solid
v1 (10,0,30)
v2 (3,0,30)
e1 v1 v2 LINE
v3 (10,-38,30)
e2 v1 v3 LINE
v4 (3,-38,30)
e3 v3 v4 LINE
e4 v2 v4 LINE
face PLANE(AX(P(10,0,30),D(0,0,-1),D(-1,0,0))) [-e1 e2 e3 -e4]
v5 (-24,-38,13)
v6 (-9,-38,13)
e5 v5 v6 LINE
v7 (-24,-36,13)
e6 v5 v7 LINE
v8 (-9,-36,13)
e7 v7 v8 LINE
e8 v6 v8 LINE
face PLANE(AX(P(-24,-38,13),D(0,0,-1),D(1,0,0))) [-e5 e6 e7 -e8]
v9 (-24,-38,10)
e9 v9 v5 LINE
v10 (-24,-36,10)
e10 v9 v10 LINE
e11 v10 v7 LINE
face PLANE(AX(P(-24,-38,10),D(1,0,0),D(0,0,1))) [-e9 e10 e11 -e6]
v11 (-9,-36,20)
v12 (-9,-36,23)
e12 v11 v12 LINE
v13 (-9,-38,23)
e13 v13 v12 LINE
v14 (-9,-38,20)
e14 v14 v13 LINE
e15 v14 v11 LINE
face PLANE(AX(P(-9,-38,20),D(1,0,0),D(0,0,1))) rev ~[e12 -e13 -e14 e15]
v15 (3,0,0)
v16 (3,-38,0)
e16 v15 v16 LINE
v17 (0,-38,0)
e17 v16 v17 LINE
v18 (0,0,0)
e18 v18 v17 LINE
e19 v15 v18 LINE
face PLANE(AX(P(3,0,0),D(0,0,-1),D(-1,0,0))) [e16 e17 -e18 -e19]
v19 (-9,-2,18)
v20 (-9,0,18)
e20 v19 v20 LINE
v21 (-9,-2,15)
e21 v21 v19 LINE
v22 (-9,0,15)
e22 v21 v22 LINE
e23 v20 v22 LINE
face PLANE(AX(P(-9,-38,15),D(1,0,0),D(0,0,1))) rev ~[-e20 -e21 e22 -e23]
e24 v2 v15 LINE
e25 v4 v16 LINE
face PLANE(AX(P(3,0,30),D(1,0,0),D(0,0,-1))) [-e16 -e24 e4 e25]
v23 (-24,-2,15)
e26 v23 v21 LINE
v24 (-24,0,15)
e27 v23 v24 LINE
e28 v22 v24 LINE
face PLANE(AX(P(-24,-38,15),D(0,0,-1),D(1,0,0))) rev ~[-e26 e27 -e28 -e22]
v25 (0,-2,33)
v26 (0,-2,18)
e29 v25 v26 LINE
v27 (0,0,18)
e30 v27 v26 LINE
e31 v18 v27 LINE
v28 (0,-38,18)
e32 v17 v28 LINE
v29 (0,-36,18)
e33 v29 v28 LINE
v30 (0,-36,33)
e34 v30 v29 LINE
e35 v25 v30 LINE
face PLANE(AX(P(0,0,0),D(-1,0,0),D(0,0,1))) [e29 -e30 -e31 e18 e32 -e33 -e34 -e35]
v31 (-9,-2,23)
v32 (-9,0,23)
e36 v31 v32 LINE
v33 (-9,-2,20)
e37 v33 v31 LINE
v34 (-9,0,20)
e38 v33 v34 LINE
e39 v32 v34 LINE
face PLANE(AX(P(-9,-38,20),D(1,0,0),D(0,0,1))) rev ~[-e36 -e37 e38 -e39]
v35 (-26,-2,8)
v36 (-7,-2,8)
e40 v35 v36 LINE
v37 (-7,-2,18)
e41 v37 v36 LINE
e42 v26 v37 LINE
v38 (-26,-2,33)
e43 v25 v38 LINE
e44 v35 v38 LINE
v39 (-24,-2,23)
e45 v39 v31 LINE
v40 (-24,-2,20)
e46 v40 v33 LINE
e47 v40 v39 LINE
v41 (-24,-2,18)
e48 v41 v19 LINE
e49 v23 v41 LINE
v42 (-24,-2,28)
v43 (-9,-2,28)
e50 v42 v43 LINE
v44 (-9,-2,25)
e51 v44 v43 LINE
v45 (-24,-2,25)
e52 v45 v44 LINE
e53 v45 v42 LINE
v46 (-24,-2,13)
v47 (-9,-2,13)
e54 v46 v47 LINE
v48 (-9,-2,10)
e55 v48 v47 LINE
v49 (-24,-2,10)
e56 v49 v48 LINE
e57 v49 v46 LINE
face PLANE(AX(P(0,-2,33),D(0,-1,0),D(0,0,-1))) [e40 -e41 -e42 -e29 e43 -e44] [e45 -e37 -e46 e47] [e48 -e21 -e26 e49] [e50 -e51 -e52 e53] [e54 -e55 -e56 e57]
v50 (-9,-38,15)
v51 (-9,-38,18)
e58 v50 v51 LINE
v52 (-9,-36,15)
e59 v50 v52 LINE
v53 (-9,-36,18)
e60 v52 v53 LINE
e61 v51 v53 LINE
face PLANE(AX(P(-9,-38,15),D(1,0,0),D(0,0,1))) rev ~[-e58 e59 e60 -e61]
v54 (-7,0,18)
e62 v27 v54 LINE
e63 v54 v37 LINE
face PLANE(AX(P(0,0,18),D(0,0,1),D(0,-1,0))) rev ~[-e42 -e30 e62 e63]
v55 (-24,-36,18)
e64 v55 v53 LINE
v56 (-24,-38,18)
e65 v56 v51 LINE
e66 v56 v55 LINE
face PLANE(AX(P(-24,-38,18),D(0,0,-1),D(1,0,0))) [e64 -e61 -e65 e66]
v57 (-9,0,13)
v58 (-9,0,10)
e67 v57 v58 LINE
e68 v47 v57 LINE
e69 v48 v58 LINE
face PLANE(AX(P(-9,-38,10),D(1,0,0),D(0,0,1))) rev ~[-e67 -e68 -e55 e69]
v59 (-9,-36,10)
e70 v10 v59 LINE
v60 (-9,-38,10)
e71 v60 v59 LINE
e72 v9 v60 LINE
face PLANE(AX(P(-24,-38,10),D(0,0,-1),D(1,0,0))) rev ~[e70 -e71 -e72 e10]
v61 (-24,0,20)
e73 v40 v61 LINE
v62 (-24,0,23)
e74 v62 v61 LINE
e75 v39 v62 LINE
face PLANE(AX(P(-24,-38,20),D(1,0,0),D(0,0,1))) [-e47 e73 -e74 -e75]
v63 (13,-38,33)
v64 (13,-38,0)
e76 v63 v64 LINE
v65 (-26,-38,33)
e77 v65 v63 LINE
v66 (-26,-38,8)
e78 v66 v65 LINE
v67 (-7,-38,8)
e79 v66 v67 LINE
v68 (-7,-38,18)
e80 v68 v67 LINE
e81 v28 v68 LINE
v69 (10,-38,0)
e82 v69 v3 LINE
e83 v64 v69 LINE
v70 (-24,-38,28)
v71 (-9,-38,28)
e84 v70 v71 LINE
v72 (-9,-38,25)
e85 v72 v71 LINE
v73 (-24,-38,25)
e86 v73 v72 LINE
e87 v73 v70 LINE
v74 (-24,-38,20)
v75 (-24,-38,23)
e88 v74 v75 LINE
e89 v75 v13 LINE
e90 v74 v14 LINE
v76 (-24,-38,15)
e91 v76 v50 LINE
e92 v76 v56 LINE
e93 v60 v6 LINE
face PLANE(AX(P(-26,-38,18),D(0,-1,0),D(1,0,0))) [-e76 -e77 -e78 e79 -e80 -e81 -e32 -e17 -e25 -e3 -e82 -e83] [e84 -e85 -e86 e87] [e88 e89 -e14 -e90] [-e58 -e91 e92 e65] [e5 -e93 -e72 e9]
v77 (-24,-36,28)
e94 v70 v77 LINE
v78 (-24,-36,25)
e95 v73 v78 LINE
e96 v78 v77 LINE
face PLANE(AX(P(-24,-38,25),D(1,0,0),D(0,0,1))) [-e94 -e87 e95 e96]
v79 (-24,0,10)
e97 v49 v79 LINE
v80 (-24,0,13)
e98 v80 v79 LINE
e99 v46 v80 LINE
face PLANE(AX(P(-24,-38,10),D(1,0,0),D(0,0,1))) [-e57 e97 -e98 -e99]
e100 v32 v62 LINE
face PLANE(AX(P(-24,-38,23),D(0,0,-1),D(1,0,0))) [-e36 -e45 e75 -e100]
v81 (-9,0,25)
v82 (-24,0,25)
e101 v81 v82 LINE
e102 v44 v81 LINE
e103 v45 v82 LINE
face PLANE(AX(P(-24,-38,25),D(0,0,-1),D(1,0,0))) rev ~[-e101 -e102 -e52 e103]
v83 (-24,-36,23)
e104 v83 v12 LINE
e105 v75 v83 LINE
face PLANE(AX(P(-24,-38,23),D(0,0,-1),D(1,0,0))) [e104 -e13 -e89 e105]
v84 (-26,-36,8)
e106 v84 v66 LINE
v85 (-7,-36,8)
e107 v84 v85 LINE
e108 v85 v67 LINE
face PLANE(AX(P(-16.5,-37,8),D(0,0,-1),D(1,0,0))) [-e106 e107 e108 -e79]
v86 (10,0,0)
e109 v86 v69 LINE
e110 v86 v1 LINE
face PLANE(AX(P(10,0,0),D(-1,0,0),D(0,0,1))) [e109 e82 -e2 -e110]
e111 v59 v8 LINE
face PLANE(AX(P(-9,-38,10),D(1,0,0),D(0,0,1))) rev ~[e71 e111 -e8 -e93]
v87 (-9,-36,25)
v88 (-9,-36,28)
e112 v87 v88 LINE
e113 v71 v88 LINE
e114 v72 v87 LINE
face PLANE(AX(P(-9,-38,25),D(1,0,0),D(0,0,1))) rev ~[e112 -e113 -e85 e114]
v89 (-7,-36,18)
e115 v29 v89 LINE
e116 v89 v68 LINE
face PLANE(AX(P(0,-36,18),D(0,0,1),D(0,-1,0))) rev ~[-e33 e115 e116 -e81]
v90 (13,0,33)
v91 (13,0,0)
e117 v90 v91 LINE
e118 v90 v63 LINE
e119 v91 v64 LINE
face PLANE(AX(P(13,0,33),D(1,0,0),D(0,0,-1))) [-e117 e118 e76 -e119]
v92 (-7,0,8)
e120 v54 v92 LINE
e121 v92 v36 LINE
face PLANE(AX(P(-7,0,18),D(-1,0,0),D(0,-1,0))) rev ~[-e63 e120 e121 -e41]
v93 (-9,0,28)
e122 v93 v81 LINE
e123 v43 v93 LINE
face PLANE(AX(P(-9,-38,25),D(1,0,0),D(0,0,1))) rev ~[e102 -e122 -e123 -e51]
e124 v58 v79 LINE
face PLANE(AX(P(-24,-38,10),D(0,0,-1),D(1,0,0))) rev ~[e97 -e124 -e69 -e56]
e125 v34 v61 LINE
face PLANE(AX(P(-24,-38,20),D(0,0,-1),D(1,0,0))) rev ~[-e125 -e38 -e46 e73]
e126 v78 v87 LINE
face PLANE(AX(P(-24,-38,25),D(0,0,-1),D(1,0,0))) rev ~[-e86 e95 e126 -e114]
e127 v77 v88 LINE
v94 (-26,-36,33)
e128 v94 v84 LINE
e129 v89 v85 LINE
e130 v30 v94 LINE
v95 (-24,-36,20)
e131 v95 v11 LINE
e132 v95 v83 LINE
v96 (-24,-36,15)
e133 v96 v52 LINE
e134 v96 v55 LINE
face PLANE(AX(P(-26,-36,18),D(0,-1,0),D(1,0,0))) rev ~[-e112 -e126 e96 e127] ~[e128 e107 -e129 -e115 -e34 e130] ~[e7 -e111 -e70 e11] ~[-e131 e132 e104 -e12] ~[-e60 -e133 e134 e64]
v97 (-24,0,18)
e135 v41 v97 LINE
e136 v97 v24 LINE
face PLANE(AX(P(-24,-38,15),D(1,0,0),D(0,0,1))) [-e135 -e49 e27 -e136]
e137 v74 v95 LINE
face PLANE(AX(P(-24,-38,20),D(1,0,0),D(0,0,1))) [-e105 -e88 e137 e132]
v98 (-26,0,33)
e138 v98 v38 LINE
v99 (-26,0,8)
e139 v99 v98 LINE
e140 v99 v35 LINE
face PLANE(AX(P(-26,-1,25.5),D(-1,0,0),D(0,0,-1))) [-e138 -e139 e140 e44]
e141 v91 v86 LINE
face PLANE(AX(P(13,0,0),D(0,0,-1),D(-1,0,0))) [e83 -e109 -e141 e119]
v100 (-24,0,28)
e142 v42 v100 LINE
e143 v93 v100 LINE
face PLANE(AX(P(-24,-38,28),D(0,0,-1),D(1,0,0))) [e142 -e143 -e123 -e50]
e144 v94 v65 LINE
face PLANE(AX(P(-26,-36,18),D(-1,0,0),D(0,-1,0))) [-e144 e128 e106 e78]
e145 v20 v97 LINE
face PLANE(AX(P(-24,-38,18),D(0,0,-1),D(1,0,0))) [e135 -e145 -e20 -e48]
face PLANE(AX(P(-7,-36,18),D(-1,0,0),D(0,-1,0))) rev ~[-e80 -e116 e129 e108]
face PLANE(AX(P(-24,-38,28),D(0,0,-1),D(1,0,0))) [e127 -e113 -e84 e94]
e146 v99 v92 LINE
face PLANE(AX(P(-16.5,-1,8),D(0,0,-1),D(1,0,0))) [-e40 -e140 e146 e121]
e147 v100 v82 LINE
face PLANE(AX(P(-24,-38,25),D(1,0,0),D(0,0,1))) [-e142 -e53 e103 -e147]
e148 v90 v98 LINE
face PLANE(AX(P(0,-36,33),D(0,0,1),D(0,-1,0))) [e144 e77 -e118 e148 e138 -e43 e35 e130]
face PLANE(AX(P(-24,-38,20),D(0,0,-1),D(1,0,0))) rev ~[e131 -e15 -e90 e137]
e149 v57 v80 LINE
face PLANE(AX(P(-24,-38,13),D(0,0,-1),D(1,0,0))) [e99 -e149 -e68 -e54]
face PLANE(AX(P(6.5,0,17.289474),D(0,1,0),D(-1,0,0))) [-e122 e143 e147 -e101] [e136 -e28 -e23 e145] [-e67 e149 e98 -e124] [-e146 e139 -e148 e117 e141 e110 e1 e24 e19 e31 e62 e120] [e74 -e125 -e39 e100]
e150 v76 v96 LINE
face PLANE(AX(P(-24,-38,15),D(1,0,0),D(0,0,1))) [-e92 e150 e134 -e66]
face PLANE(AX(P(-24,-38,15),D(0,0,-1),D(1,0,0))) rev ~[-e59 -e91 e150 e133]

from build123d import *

# Parameters (mm, degrees)
PAD_DEPTH    = 38
SKETCH001_W  = 15
SKETCH001_H  = 2
PAD001_DEPTH = 26
SKETCH002_W  = 19
SKETCH002_H  = 2
PAD002_DEPTH = 10
SKETCH003_W  = 15
SKETCH003_H  = 3
POCKET_DEPTH = 40


with BuildPart() as part:
    # Sketch → Pad (new body)
    with BuildSketch(Plane.XZ):
        Polygon((0, 0), (0, 33), (13, 33), (13, 0), (10, 0), (10, 30), (3, 30), (3, 0), align=None)
    extrude(amount=PAD_DEPTH)

    # Sketch001 (on Face1 of Pad) → Pad001 (join)
    with BuildSketch(Plane(origin=(0, 0, 0), x_dir=(0, 0, -1), z_dir=(-1, 0, 0))):
        with Locations((-25.5, 37)):
            Rectangle(SKETCH001_W, SKETCH001_H)
        with Locations((-25.5, 1)):
            Rectangle(SKETCH001_W, SKETCH001_H)
    extrude(amount=PAD001_DEPTH)

    # Sketch002 (on Face7 of Pad001) → Pad002 (join)
    with BuildSketch(Plane(origin=(0, 0, 18), x_dir=(1, 0, 0), z_dir=(0, 0, -1))):
        with Locations((-16.5, 37)):
            Rectangle(SKETCH002_W, SKETCH002_H)
        with Locations((-16.5, 1)):
            Rectangle(SKETCH002_W, SKETCH002_H)
    extrude(amount=PAD002_DEPTH)

    # Sketch003 (on Face30 of Pad002) → Pocket (cut)
    with BuildSketch(Plane.XZ.offset(38)):
        with Locations((-16.5, 11.5)):
            Rectangle(SKETCH003_W, SKETCH003_H)
        with Locations((-16.5, 16.5)):
            Rectangle(SKETCH003_W, SKETCH003_H)
        with Locations((-16.5, 21.5)):
            Rectangle(SKETCH003_W, SKETCH003_H)
        with Locations((-16.5, 26.5)):
            Rectangle(SKETCH003_W, SKETCH003_H)
    extrude(amount=-POCKET_DEPTH, mode=Mode.SUBTRACT)


solid = part.part
